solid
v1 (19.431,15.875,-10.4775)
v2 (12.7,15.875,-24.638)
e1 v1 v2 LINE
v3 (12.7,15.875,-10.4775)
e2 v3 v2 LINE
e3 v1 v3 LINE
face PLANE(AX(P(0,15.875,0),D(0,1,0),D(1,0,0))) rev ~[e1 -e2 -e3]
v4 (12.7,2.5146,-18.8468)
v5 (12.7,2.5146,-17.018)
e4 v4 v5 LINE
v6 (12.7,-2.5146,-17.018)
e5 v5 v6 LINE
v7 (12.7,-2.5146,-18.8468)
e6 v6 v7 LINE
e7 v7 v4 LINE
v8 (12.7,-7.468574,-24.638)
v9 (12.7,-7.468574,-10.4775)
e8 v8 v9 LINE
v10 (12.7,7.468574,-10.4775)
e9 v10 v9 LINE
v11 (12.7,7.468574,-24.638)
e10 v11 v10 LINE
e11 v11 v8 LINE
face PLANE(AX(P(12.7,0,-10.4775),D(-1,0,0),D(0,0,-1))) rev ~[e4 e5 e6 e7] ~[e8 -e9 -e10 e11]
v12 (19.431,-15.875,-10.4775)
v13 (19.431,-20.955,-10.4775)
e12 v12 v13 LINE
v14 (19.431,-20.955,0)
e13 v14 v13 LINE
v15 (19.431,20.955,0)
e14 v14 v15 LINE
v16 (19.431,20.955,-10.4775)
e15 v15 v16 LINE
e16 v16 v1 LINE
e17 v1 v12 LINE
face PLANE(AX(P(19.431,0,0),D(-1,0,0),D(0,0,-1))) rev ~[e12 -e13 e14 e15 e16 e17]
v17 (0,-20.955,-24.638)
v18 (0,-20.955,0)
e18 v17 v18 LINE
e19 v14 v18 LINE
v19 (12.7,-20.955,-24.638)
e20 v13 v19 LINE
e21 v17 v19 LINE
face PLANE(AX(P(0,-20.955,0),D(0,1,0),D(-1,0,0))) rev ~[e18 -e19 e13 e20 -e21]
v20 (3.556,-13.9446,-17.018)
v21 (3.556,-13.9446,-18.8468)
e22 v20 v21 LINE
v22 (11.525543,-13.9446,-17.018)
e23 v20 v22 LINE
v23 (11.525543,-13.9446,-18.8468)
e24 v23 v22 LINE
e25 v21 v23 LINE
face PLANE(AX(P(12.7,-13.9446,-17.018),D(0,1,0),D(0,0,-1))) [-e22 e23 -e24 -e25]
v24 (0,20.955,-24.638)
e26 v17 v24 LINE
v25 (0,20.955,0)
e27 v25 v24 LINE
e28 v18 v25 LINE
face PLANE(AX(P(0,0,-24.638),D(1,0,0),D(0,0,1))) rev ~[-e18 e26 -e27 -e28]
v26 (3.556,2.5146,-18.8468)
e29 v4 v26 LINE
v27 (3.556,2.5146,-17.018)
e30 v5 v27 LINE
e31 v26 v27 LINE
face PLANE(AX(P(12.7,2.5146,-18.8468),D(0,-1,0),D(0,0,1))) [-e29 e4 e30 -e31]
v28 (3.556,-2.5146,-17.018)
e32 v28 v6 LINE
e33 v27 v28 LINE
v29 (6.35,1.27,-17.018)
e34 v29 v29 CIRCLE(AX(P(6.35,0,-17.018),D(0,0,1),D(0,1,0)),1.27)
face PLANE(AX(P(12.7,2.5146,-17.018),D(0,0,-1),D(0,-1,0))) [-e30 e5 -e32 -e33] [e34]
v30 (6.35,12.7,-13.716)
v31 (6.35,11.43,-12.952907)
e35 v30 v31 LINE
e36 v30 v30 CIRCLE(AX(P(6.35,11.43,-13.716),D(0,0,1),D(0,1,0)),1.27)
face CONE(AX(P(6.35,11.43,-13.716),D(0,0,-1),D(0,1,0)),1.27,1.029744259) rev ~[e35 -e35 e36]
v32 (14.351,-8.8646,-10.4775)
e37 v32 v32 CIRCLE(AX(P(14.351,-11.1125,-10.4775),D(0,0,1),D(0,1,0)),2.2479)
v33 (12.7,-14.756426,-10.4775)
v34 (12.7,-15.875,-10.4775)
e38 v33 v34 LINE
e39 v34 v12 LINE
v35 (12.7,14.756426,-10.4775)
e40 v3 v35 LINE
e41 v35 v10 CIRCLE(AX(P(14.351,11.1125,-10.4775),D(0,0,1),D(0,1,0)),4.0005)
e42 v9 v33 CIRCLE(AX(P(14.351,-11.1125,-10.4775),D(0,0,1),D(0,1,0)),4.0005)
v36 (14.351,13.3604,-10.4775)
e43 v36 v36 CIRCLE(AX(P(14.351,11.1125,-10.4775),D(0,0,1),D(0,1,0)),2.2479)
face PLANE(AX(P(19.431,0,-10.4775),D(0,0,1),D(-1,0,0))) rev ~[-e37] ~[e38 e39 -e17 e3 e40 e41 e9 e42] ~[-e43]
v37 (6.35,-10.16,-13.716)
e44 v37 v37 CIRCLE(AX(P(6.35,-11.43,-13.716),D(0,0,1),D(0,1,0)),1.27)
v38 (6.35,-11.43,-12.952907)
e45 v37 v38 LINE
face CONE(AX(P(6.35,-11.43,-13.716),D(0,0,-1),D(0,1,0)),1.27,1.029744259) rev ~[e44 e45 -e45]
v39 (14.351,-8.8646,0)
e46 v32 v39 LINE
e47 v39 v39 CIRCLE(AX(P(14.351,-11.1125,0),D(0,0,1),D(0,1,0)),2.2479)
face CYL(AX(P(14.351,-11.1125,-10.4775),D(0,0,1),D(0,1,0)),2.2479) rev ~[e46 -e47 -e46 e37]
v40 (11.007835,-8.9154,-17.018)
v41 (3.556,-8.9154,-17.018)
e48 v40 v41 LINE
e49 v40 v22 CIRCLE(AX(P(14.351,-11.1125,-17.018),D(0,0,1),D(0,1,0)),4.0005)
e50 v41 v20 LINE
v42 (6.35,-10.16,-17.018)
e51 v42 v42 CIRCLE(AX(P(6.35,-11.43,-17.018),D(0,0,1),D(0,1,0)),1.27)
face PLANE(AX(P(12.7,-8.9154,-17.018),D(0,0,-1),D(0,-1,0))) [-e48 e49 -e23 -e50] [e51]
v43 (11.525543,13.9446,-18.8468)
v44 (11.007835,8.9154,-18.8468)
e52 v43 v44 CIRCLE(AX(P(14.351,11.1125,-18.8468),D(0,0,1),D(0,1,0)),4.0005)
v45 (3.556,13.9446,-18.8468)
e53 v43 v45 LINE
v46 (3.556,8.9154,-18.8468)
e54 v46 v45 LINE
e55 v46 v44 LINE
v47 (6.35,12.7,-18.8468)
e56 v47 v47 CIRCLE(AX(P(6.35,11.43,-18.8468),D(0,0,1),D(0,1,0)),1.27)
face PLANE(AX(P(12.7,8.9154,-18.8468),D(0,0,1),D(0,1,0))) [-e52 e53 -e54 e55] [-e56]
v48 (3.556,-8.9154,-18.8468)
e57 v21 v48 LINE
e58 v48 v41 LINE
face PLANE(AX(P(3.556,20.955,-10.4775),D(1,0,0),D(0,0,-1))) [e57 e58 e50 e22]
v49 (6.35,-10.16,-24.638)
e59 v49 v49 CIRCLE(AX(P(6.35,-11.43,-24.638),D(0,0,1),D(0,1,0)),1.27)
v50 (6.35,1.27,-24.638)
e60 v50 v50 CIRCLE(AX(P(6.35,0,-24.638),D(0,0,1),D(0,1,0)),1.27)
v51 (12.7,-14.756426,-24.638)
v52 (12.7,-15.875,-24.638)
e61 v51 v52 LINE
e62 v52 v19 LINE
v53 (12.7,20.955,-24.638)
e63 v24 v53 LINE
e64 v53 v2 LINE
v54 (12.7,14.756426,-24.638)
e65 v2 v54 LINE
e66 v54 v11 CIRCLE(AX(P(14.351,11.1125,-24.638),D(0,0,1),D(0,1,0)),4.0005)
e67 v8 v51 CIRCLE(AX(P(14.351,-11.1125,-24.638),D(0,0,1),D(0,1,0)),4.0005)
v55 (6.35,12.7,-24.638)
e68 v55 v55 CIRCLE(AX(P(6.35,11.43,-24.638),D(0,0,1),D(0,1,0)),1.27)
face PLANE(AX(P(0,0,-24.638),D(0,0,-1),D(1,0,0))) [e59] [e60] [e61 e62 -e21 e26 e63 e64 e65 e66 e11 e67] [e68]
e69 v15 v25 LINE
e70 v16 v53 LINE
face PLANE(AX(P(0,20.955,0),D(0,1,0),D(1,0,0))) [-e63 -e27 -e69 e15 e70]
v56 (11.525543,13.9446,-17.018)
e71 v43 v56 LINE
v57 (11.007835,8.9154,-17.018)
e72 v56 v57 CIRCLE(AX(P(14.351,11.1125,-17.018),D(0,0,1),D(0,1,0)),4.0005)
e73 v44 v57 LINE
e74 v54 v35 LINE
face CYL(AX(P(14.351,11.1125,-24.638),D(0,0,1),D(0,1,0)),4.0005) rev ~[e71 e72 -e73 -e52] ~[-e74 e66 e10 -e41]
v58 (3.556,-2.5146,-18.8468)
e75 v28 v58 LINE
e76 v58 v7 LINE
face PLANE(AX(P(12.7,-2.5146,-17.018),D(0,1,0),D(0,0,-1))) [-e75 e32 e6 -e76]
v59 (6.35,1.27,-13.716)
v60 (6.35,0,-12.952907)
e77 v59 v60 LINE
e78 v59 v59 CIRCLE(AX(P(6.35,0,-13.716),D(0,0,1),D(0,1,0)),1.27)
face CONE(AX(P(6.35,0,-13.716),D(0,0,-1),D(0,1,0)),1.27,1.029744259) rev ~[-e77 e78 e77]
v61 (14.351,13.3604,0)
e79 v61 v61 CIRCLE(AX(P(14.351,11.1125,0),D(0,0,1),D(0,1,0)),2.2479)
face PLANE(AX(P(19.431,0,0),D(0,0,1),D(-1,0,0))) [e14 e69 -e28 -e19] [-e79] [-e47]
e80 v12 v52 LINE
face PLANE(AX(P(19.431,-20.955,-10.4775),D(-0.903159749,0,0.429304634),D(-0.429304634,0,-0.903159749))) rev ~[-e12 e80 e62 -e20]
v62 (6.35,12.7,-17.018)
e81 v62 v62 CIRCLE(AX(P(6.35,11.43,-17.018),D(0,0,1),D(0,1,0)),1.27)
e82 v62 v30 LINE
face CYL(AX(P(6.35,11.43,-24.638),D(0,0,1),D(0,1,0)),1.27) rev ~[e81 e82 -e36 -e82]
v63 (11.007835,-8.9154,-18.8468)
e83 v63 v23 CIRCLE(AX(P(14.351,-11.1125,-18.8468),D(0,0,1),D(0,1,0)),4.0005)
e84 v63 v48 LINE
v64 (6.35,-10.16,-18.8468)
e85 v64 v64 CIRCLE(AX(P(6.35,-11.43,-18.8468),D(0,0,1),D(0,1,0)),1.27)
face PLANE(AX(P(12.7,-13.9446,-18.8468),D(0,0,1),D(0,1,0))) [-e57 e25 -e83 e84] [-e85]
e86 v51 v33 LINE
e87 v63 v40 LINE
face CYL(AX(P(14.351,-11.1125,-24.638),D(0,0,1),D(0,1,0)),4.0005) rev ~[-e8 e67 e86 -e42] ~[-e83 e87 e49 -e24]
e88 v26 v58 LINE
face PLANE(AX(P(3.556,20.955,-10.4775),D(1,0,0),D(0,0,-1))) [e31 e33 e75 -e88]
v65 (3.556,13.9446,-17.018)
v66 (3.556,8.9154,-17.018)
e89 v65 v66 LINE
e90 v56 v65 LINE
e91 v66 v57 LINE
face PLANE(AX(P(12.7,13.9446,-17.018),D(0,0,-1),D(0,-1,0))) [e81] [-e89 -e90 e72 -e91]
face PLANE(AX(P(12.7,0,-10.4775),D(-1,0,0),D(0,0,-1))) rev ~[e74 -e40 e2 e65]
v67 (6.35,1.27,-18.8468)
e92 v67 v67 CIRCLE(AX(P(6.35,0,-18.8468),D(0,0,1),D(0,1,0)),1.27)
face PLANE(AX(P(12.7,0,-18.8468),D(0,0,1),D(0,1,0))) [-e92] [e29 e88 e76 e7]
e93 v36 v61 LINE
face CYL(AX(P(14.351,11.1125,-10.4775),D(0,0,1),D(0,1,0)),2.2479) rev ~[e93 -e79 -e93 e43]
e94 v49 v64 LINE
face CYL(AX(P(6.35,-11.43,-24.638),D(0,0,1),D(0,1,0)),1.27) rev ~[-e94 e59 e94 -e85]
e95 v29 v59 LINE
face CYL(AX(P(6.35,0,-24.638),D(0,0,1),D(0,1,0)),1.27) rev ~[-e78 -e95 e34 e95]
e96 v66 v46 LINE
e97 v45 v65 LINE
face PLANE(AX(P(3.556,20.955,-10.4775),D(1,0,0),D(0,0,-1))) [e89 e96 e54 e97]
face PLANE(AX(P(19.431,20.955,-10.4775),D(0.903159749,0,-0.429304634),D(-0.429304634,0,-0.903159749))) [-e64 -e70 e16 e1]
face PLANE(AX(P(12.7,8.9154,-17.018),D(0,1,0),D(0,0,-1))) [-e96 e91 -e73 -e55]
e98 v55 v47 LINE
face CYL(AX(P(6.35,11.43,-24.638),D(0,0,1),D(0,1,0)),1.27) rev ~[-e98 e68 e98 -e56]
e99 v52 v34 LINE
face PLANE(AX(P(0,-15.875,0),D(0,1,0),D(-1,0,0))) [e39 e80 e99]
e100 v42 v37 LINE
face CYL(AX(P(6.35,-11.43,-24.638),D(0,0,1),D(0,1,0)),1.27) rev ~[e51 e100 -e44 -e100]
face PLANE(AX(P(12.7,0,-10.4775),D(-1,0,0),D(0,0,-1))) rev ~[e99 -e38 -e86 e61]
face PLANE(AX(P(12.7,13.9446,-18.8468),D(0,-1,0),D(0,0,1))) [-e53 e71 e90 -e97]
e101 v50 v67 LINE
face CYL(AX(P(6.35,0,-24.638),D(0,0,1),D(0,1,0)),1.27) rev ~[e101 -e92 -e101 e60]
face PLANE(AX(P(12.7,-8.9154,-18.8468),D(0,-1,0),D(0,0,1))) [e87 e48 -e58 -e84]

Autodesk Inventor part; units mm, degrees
ref_plane "YZ Plane" through (0, 0, 0) normal (1, 0, 0) x (0, 1, 0)
ref_plane "XZ Plane" through (0, 0, 0) normal (0, 1, 0) x (-1, 0, 0)
ref_plane "XY Plane" through (0, 0, 0) normal (0, 0, 1) x (1, 0, 0)
sketch "Sketch1" plane through (0, 0, 0) normal (0, 1, 0) x (-1, 0, 0)
  line L0 (0, -29.5656) -> (0, 4.9276) projected
  line L1 (-23.3172, 0) -> (3.8862, 0) projected
  line L2 (0, 0) -> (-19.431, 0)
  line L3 (-19.431, 0) -> (-19.431, -10.4775)
  line L4 (-19.431, -10.4775) -> (0, -10.4775)
  line L5 (0, -10.4775) -> (0, 0)
  line L6 (0, -10.4775) -> (-12.7, -10.4775)
  line L7 (-12.7, -10.4775) -> (-12.7, -24.638)
  line L8 (0, -24.638) -> (0, -10.4775)
  line L9 (0, -24.638) -> (-12.7, -24.638)
  dimension "d10" = 10.4775
  dimension "d36" = 24.638
  dimension "d37" = 12.7
  dimension "d38" = 19.431
extrude "Extrusion3" add sketch "Sketch1" along normal mid plane 41.91
sketch "Sketch2" plane through (19.431, 20.955, -24.638) normal (0, 0, -1) x (-1, 0, 0)
  line L0 (6.731, -41.91) -> (6.731, 0) projected
  line L1 (0, 0) -> (6.731, 0) projected
  line L2 (0, -41.91) -> (0, 0) projected
  line L3 (6.731, -41.91) -> (0, -41.91) projected
  line L4 (-3.8862, -20.955) -> (23.3172, -20.955) projected
  line L5 (19.431, -41.91) -> (19.431, 0) projected
  point P0 (19.431, -20.955)
  point P1 (5.08, -9.8425)
  point P2 (5.08, -32.0675)
  dimension "d73" = 22.225
  dimension "d74" = 11.1125
  dimension "d75" = 14.351
hole "Hole1" at (14.351, 11.1125, -24.638) at (14.351, -11.1125, -24.638) direction (0, 0, 1) diameter 4.4958 end through all counterbore diameter 8.001 counterbore depth 14.1605 clearance for "Socket Head Cap Screw" size "M4" standard "Ansi Metric M Profile"
sketch "Sketch3" plane through (0, -20.955, 0) normal (0, 1, 0) x (-1, 0, 0)
  line L0 (-12.7, -24.638) -> (-12.7, -10.4775) projected
  line L1 (-12.7, -10.4775) -> (-19.431, -10.4775) projected
  line L2 (-19.431, -10.4775) -> (-12.7, -24.638)
  line L3 (-12.7, -24.638) -> (-12.7, -10.4775)
  line L4 (-19.431, -10.4775) -> (-12.7, -10.4775)
  point P0 (0, 0)
extrude "Extrusion4" add sketch "Sketch3" along normal blind 5.08
sketch "Sketch4" plane through (12.7, 20.955, -24.638) normal (0, 0, -1) x (-1, 0, 0)
  line L0 (12.7, -50.292) -> (12.7, 8.382) projected
  line L1 (-10.6172, -20.955) -> (16.5862, -20.955) projected
  line L2 (0, -6.1986) -> (0, 0) projected
  point P0 (12.7, -20.955)
  point P1 (6.35, -9.525)
  point P2 (6.35, -32.385)
  point P3 (6.35, -20.955)
  point P4 (0, -36.83)
  dimension "d39" = 11.43
  dimension "d40" = 11.43
  dimension "d41" = 6.35
  dimension "d63" = 12.7
hole "Hole2" at (6.35, 11.43, -24.638) at (6.35, -11.43, -24.638) at (6.35, 0, -24.638) direction (0, 0, 1) diameter 2.54 depth 10.922 tip angle 118 clearance for "Flat Head Machine Screw (100)" size "#2" standard "Ansi Unified Screw Threads"
sketch "Sketch5" plane through (12.7, 20.955, -10.4775) normal (1, 0, 0) x (0, 0, -1)
  line L0 (-15.4051, -20.955) -> (19.0881, -20.955) projected
  line L1 (-10.4775, -50.292) -> (-10.4775, 8.382) projected
  line L2 (6.5405, -12.0396) -> (8.3693, -12.0396)
  line L3 (8.3693, -12.0396) -> (8.3693, -7.0104)
  line L4 (8.3693, -7.0104) -> (6.5405, -7.0104)
  line L5 (6.5405, -7.0104) -> (6.5405, -12.0396)
  line L6 (6.5405, -12.0396) -> (8.3693, -7.0104) construction
  line L7 (8.3693, -12.0396) -> (6.5405, -7.0104) construction
  line L8 (6.5405, -23.4696) -> (8.3693, -23.4696)
  line L9 (8.3693, -23.4696) -> (8.3693, -18.4404)
  line L10 (8.3693, -18.4404) -> (6.5405, -18.4404)
  line L11 (6.5405, -18.4404) -> (6.5405, -23.4696)
  line L12 (6.5405, -23.4696) -> (8.3693, -18.4404) construction
  line L13 (8.3693, -23.4696) -> (6.5405, -18.4404) construction
  line L14 (6.5405, -34.8996) -> (8.3693, -34.8996)
  line L15 (8.3693, -34.8996) -> (8.3693, -29.8704)
  line L16 (8.3693, -29.8704) -> (6.5405, -29.8704)
  line L17 (6.5405, -29.8704) -> (6.5405, -34.8996)
  line L18 (6.5405, -34.8996) -> (8.3693, -29.8704) construction
  line L19 (8.3693, -34.8996) -> (6.5405, -29.8704) construction
  line L20 (14.1605, -6.1986) -> (14.1605, 0) projected
  point P0 (-10.4775, -20.955)
  point P1 (7.4549, -9.525)
  point P2 (7.4549, -20.955)
  point P3 (7.4549, -32.385)
  point P4 (14.1605, -36.83)
  point P5 (7.4549, -9.525)
  point P6 (7.4549, -32.385)
  dimension "d49" = 5.0292
  dimension "d50" = 1.8288
  dimension "d51" = 11.43
  dimension "d58" = 7.62
  dimension "d59" = 11.43
extrude "Extrusion5" cut sketch "Sketch5" along normal blind 10.16 and the other way blind 9.144
sketch "Sketch6" plane through (0, 20.955, 0) normal (0, 1, 0) x (1, 0, 0)
  line L0 (12.7, 10.4775) -> (12.7, 24.638) projected
  line L1 (19.431, 10.4775) -> (12.7, 10.4775) projected
  line L2 (19.431, 10.4775) -> (12.7, 24.638) projected
  point P0 (0, 0)
extrude "Extrusion6" add sketch "Sketch6" against normal blind 5.08
sketch "Sketch7" plane through (0, 20.955, 0) normal (0, 1, 0) x (1, 0, 0)
  line L0 (0, 0) -> (19.431, 0) projected
  line L1 (19.431, 0) -> (19.431, 10.4775) projected
  line L2 (7.7406, 0) -> (19.5357, -3.1605)
  line L3 (19.5357, -3.1605) -> (19.431, 0)
  line L4 (7.7406, 0) -> (19.431, 0)
  dimension "d64" = 11.684
  dimension "d65" = 15
extrude "Extrusion7" [suppressed]
sketch "Sketch8" plane through (19.431, -20.955, 0) normal (1, 0, 0) x (0, 0, -1)
  line L0 (10.4775, 0) -> (10.4775, 5.08) projected
  line L1 (10.4775, 5.08) -> (10.4775, 36.83) projected
  line L2 (10.4775, 36.83) -> (10.4775, 41.91) projected
  line L3 (0, 41.91) -> (10.4775, 41.91) projected
  line L4 (0, 0) -> (0, 41.91) projected
  line L5 (10.4775, 0) -> (0, 0) projected
  line L6 (10.4775, 41.91) -> (-3.81, 41.91)
  line L7 (-3.81, 41.91) -> (-3.81, 0)
  line L8 (-3.81, 0) -> (10.4775, 0)
  line L9 (10.4775, 0) -> (10.4775, 41.91)
  point P0 (0, 20.955)
  dimension "d68" = 0
  dimension "d69" = 3.81
extrude "Extrusion8" [suppressed]
fillet "Fillet2" [suppressed]
equation "\"d74\" = 0.5 * d73"
equation "\"d23\" = d36 - d10"
equation "\"d40\" = d39"
equation "\"d41\" = 0.5 * d63"
